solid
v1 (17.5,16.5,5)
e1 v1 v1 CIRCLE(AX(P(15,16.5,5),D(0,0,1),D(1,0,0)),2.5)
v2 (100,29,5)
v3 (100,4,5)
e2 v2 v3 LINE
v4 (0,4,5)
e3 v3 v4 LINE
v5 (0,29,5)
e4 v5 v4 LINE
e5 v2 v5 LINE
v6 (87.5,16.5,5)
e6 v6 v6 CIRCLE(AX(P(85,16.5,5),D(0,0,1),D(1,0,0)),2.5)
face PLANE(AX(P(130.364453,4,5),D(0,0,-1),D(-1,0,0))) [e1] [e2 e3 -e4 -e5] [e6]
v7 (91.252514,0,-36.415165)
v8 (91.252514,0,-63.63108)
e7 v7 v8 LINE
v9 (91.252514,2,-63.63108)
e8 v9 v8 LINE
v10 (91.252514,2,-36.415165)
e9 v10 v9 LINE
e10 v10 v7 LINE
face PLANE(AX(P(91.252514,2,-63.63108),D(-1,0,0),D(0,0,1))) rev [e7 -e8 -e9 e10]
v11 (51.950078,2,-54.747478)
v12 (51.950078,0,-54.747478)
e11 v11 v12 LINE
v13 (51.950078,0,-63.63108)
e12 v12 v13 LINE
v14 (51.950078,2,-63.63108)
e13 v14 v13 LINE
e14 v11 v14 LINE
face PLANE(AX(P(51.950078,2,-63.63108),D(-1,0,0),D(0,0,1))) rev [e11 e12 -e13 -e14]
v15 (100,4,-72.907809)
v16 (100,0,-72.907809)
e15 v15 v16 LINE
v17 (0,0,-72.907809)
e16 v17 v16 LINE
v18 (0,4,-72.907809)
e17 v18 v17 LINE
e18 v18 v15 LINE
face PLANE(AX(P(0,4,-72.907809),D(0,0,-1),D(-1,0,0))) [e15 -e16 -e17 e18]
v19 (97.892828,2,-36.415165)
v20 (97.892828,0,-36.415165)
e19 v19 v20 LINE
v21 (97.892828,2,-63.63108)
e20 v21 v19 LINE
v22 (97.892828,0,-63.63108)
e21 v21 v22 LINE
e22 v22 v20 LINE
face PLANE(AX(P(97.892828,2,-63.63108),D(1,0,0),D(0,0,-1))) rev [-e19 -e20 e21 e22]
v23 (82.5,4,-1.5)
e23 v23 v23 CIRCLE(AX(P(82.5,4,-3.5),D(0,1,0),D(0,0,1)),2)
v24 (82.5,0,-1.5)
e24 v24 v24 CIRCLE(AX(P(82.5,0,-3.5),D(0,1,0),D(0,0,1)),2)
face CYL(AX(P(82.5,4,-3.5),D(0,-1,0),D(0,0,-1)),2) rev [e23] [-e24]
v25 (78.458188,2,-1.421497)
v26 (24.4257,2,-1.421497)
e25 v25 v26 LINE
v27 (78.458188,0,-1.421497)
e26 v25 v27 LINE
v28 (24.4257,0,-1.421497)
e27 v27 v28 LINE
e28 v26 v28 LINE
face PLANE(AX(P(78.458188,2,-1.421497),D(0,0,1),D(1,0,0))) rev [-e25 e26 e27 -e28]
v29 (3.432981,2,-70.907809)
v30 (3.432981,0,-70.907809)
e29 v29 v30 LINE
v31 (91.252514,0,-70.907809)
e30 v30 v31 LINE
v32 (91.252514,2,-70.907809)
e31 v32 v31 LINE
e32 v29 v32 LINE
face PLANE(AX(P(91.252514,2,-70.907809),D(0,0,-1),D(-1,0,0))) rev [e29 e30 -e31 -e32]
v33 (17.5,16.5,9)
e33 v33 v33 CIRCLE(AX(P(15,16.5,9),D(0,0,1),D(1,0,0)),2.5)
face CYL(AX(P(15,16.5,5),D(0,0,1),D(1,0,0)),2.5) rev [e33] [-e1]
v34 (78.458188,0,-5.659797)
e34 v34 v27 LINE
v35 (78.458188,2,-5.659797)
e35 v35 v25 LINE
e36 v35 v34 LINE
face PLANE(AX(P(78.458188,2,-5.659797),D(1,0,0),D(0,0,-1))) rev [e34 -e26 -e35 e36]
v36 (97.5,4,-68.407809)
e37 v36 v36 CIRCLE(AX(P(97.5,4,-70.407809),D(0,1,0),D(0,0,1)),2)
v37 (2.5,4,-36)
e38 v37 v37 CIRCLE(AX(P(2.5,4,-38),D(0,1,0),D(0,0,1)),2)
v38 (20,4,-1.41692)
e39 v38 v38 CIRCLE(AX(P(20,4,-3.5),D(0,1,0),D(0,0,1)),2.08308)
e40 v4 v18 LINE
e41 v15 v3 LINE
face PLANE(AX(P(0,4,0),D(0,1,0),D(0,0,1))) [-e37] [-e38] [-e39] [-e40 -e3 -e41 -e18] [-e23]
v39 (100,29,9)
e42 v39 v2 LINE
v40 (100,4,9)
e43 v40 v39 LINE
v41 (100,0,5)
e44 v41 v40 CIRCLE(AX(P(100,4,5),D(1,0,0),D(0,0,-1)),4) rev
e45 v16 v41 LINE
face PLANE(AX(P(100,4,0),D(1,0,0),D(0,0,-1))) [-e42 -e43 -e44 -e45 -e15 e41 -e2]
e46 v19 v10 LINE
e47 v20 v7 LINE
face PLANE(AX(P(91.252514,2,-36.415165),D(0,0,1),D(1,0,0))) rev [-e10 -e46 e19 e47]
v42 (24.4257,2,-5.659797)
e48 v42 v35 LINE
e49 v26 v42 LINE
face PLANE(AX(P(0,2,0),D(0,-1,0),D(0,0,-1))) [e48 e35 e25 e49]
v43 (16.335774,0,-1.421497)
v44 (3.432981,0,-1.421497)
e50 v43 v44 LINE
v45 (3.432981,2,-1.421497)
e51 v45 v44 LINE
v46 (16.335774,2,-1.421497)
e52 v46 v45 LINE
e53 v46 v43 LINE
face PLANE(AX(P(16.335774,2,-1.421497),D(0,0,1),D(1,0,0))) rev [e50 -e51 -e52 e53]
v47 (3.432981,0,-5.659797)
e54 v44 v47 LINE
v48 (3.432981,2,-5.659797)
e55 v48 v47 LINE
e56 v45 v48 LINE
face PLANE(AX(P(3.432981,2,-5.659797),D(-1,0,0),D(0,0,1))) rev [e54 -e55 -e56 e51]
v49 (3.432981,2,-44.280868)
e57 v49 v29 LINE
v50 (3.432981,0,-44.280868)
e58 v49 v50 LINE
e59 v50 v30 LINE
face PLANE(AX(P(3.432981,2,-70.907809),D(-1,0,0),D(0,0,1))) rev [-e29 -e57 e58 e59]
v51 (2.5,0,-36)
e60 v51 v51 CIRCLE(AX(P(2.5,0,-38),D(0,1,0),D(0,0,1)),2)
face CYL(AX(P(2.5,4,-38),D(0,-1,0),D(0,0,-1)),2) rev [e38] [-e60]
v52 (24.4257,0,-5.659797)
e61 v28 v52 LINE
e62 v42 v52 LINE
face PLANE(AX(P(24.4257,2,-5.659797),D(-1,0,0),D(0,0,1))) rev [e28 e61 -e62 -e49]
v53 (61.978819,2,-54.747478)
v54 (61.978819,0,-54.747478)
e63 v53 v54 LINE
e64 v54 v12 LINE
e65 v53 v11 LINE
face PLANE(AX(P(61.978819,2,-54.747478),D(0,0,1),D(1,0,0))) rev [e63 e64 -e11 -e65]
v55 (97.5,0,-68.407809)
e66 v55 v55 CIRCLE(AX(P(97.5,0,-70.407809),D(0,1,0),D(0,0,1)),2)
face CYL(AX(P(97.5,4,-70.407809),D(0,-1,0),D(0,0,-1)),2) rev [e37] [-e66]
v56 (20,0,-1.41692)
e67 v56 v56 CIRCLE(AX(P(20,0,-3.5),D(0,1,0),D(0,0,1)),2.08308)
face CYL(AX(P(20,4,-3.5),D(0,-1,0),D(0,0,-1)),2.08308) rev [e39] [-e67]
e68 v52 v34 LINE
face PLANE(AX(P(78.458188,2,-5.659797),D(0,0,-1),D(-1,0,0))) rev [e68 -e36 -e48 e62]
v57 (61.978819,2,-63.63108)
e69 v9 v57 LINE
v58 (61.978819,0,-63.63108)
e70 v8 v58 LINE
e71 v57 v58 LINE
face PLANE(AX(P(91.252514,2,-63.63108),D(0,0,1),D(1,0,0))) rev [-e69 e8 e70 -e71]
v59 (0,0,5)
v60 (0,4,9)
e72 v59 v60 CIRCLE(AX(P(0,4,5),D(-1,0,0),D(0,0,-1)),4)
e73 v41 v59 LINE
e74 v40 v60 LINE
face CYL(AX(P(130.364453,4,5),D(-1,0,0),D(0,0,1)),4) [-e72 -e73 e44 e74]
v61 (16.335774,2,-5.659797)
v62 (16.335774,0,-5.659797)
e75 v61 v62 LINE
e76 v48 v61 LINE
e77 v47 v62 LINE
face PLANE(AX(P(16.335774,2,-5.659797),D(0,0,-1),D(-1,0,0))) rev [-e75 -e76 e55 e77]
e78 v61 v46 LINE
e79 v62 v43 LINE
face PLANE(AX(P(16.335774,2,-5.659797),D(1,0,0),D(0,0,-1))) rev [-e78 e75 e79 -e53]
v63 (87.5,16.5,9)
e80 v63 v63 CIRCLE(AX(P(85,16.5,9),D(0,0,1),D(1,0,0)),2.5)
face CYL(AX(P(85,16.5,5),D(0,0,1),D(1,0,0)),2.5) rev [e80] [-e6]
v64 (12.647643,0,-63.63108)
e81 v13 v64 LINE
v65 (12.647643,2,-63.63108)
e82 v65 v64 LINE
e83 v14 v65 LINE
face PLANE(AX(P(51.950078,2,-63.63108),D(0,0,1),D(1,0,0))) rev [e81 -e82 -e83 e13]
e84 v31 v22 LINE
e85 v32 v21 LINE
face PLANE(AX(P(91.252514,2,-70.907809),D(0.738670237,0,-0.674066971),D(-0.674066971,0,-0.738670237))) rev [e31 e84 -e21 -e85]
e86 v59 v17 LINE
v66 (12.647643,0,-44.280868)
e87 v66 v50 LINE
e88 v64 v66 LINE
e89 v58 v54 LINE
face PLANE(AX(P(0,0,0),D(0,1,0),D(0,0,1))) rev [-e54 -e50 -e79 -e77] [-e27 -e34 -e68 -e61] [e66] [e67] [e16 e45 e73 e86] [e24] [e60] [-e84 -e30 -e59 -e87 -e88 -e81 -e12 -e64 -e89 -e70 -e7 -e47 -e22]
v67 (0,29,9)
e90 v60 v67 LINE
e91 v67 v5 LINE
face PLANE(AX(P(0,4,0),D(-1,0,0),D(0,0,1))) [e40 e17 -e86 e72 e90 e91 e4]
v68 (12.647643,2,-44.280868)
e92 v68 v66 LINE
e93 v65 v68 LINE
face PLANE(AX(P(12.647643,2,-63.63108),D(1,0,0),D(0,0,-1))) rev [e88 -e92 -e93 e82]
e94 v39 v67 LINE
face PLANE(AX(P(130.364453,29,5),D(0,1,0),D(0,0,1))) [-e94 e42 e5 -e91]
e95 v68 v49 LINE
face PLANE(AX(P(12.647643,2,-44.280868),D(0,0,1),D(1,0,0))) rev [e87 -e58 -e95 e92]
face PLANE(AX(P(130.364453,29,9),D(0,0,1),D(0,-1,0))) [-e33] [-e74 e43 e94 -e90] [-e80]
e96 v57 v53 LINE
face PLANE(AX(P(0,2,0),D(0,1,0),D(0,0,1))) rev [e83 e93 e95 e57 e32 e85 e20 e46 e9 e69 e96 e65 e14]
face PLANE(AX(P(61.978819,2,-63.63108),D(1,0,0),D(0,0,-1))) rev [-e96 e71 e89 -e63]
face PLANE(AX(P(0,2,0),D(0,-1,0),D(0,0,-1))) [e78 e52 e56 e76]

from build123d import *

# Parameters (mm, degrees)
SKETCH1_W           = 100
SKETCH1_H           = 72.907808631
SKETCH1_R           = 2
SKETCH1_R_2         = 2.083080247
BOSS_EXTRUDE1_DEPTH = 4
BOSS_EXTRUDE2_DEPTH = 100
SKETCH3_R           = 2.5
CUT_EXTRUDE1_DEPTH  = 4
SKETCH4_W           = 54.032487287
SKETCH4_H           = 4.238299892
SKETCH4_W_2         = 12.902793756
CUT_EXTRUDE4_DEPTH  = 2


with BuildPart() as part:
    # Sketch1 → Boss-Extrude1 (new body)
    with BuildSketch(Plane(origin=(0, 0, 0), x_dir=(1, 0, 0), z_dir=(0, 1, 0))):
        with Locations((50, 36.453904316)):
            Rectangle(SKETCH1_W, SKETCH1_H)
        with Locations((97.5, 70.407808631)):
            Circle(SKETCH1_R, mode=Mode.SUBTRACT)
        with Locations((2.5, 38)):
            Circle(SKETCH1_R, mode=Mode.SUBTRACT)
        with Locations((82.5, 3.5)):
            Circle(SKETCH1_R, mode=Mode.SUBTRACT)
        with Locations((20, 3.5)):
            Circle(SKETCH1_R_2, mode=Mode.SUBTRACT)
    extrude(amount=BOSS_EXTRUDE1_DEPTH)

    # Sketch2 → Boss-Extrude2 (add)
    with BuildSketch(Plane.ZY):
        with BuildLine():
            Line((0, 4), (5, 4))
            Line((5, 4), (5, 29))
            Line((5, 29), (9, 29))
            Line((9, 29), (9, 5.38521522))
            Line((9, 5.38521522), (9, 4))
            ThreePointArc((9, 4), (7.828427125, 1.171572875), (5, 0))
            Line((5, 0), (0, 0))
            Line((0, 0), (0, 4))
        make_face()
    extrude(amount=-BOSS_EXTRUDE2_DEPTH)

    # Sketch3 → Cut-Extrude1 (cut)
    with BuildSketch(Plane.XY.offset(9)):
        with Locations((15, 16.5)):
            Circle(SKETCH3_R)
        with Locations((85, 16.5)):
            Circle(SKETCH3_R)
    extrude(amount=-CUT_EXTRUDE1_DEPTH, mode=Mode.SUBTRACT)

    # Sketch4 → Cut-Extrude4 (cut)
    with BuildSketch(Plane.XZ):
        Polygon((51.950078291, -63.631079916), (12.647642859, -63.631079916), (12.647642859, -44.280868197), (3.432980611, -44.280868197), (3.432980611, -70.907808631), (12.647642859, -70.907808631), (91.252513722, -70.907808631), (97.892827947, -63.631079916), (97.892827947, -36.415165299), (91.252513722, -36.415165299), (91.252513722, -63.631079916), (61.978819372, -63.631079916), (61.978819372, -54.74747752), (51.950078291, -54.74747752), align=None)
        with Locations((51.441944052, -3.540646856)):
            Rectangle(SKETCH4_W, SKETCH4_H)
        with Locations((9.884377489, -3.540646856)):
            Rectangle(SKETCH4_W_2, SKETCH4_H)
    extrude(amount=-CUT_EXTRUDE4_DEPTH, mode=Mode.SUBTRACT)


solid = part.part
